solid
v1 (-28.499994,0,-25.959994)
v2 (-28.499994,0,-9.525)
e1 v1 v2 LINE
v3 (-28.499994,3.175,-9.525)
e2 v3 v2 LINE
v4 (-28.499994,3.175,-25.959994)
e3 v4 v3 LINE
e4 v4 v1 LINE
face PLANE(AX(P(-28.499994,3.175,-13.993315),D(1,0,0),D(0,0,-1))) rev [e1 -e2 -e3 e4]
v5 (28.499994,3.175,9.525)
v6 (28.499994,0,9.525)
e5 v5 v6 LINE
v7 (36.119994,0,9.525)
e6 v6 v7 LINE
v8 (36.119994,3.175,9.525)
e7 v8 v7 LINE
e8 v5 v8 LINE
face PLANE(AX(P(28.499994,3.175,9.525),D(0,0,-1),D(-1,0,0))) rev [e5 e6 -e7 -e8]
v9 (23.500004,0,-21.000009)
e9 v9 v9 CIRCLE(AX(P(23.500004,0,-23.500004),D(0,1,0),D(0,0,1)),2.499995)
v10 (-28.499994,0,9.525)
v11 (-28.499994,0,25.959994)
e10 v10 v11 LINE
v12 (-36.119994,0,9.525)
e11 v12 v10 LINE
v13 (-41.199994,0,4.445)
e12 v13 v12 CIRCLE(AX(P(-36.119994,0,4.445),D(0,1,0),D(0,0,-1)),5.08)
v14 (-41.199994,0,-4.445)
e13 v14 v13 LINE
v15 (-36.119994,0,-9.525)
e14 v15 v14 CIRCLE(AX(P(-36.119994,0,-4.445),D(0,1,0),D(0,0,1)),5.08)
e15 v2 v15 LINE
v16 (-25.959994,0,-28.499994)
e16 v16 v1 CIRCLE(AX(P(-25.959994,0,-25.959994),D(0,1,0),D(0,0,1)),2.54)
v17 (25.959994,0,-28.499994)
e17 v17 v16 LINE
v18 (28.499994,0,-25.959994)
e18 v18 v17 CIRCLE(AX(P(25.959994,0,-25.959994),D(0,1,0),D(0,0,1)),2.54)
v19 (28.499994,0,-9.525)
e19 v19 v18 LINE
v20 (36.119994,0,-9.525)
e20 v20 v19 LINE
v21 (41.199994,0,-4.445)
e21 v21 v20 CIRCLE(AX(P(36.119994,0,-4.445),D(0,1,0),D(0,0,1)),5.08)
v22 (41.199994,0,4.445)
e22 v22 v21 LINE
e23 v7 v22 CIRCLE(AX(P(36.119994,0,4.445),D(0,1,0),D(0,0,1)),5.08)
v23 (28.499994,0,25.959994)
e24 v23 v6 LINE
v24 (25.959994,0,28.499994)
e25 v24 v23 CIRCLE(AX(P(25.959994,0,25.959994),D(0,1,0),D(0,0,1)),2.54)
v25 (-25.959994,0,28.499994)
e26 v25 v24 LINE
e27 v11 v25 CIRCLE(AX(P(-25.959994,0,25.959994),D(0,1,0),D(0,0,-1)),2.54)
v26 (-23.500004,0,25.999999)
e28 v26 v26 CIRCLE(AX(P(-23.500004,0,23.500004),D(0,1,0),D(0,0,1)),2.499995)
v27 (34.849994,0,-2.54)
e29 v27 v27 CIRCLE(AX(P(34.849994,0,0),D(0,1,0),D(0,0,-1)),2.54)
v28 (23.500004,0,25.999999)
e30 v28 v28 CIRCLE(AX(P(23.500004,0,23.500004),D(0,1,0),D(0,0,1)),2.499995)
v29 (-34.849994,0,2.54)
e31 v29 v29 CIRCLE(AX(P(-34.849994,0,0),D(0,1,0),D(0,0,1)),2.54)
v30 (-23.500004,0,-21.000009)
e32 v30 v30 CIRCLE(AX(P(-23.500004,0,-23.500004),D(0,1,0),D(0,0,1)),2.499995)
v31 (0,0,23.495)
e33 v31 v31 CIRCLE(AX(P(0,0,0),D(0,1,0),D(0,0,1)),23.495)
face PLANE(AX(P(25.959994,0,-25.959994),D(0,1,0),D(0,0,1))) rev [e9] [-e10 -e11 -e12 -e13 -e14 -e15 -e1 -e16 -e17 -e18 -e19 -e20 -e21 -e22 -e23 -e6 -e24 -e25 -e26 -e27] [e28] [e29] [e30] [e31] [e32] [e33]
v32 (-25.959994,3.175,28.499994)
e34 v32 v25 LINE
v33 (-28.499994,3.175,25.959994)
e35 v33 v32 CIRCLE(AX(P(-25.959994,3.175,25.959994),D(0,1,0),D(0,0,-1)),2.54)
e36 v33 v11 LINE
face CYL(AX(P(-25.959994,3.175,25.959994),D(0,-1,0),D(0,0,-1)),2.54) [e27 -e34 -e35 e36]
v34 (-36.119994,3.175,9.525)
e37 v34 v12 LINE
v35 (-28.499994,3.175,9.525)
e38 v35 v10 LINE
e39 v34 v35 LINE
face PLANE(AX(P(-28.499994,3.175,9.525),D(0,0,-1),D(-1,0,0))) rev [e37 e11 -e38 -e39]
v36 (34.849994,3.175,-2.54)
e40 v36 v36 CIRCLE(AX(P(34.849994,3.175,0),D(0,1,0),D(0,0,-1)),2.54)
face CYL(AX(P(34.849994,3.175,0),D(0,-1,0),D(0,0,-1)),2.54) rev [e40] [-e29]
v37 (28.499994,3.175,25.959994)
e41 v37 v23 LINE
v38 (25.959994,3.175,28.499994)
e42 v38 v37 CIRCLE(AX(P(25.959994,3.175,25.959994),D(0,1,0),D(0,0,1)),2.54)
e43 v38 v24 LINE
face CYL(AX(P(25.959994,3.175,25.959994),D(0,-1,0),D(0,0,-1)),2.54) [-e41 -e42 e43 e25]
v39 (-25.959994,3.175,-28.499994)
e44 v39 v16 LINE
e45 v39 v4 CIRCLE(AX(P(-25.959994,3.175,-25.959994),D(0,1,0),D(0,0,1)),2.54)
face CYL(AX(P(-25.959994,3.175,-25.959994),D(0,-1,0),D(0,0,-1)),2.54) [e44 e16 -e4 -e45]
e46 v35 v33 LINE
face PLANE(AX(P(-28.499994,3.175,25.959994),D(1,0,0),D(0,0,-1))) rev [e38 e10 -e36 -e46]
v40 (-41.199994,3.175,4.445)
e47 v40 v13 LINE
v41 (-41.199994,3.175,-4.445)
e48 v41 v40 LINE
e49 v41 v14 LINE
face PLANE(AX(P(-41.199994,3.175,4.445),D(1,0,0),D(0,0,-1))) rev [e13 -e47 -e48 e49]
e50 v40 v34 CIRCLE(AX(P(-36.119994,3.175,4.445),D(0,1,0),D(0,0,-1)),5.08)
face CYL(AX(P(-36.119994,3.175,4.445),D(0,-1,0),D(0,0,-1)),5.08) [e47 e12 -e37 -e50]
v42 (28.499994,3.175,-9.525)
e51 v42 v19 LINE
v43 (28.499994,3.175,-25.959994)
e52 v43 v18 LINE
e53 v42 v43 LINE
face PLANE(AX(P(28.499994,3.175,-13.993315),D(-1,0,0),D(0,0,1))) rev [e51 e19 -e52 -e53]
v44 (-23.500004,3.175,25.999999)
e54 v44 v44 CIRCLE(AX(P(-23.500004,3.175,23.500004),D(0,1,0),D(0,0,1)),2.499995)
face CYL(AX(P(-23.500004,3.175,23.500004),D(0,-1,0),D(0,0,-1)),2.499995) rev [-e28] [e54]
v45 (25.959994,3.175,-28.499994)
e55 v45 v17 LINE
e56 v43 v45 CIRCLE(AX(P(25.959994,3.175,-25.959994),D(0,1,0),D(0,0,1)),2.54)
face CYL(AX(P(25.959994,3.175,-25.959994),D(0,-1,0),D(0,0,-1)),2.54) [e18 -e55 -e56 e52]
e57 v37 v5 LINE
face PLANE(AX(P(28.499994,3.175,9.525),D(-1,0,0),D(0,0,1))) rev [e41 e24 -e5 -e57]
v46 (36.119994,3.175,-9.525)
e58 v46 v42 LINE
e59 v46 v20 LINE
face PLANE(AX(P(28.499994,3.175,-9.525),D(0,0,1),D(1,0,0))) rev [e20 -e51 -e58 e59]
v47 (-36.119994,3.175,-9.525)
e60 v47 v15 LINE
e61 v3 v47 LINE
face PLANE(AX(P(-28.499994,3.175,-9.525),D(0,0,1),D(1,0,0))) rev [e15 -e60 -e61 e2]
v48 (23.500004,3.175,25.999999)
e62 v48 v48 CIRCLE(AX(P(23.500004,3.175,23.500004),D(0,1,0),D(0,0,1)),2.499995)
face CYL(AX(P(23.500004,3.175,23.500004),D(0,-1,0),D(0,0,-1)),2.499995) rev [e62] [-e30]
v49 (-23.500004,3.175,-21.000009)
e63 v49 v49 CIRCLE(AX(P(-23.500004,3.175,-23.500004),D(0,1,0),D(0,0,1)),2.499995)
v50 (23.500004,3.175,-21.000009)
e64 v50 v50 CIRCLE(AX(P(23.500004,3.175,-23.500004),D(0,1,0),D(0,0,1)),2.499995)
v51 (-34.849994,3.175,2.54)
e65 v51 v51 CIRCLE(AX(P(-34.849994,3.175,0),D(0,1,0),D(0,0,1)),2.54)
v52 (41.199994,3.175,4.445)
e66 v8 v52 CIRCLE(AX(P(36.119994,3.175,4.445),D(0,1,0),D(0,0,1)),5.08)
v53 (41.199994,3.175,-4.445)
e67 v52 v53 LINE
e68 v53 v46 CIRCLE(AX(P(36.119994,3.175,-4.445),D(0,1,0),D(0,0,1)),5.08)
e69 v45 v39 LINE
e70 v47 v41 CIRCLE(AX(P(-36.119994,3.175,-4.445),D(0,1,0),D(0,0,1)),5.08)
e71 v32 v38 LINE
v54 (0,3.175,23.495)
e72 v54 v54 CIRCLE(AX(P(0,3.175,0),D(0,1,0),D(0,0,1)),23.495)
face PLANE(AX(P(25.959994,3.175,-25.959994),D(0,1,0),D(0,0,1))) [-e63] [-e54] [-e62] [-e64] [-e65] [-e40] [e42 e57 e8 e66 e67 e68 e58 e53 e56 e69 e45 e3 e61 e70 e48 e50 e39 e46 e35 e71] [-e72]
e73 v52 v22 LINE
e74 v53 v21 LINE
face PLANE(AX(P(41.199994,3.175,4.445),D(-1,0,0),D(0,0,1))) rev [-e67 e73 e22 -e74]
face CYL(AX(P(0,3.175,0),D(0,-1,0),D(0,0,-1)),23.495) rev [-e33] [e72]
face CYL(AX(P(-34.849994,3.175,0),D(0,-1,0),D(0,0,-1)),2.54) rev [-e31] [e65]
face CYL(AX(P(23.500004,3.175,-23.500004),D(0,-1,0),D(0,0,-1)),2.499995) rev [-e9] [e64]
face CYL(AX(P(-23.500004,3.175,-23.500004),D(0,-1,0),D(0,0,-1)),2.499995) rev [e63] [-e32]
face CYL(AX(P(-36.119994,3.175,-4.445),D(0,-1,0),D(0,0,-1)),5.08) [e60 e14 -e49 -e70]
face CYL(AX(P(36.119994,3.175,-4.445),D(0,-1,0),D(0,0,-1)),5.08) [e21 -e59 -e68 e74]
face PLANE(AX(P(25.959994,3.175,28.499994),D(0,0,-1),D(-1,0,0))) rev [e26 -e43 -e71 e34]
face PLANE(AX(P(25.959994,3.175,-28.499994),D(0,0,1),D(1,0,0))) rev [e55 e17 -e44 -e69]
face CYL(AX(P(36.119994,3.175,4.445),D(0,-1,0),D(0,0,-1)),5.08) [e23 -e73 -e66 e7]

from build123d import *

# Parameters (mm, degrees)
SKETCH1_R           = 23.495
SKETCH1_R_2         = 2.499995
SKETCH1_R_3         = 2.54
BOSS_EXTRUDE1_DEPTH = 3.175


with BuildPart() as part:
    # Sketch1 → Boss-Extrude1 (new body)
    with BuildSketch(Plane(origin=(0, 0, 0), x_dir=(1, 0, 0), z_dir=(0, 1, 0))):
        with BuildLine():
            Line((-13.993314597, 28.4999938), (-25.9599938, 28.4999938))
            ThreePointArc((-25.9599938, 28.4999938), (-27.756045024, 27.756045024), (-28.4999938, 25.9599938))
            Line((-28.4999938, 25.9599938), (-28.4999938, 13.993314597))
            Line((-28.4999938, 13.993314597), (-28.4999938, 9.525))
            Line((-28.4999938, 9.525), (-36.1199938, 9.525))
            ThreePointArc((-36.1199938, 9.525), (-39.712096248, 8.037102448), (-41.1999938, 4.445))
            Line((-41.1999938, 4.445), (-41.1999938, -4.445))
            ThreePointArc((-41.1999938, -4.445), (-39.712096248, -8.037102448), (-36.1199938, -9.525))
            Line((-36.1199938, -9.525), (-28.4999938, -9.525))
            Line((-28.4999938, -9.525), (-28.4999938, -13.993314597))
            Line((-28.4999938, -13.993314597), (-28.4999938, -25.9599938))
            ThreePointArc((-28.4999938, -25.9599938), (-27.756045024, -27.756045024), (-25.9599938, -28.4999938))
            Line((-25.9599938, -28.4999938), (-13.993314597, -28.4999938))
            Line((-13.993314597, -28.4999938), (13.993314597, -28.4999938))
            Line((13.993314597, -28.4999938), (25.9599938, -28.4999938))
            ThreePointArc((25.9599938, -28.4999938), (27.756045024, -27.756045024), (28.4999938, -25.9599938))
            Line((28.4999938, -25.9599938), (28.4999938, -13.993314597))
            Line((28.4999938, -13.993314597), (28.4999938, -9.525))
            Line((28.4999938, -9.525), (36.1199938, -9.525))
            ThreePointArc((36.1199938, -9.525), (39.712096248, -8.037102448), (41.1999938, -4.445))
            Line((41.1999938, -4.445), (41.1999938, 4.445))
            ThreePointArc((41.1999938, 4.445), (39.712096248, 8.037102448), (36.1199938, 9.525))
            Line((36.1199938, 9.525), (28.4999938, 9.525))
            Line((28.4999938, 9.525), (28.4999938, 13.993314597))
            Line((28.4999938, 13.993314597), (28.4999938, 25.9599938))
            ThreePointArc((28.4999938, 25.9599938), (27.756045024, 27.756045024), (25.9599938, 28.4999938))
            Line((25.9599938, 28.4999938), (13.993314597, 28.4999938))
            Line((13.993314597, 28.4999938), (-13.993314597, 28.4999938))
        make_face()
        Circle(SKETCH1_R, mode=Mode.SUBTRACT)
        with Locations((-23.5000038, 23.5000038)):
            Circle(SKETCH1_R_2, mode=Mode.SUBTRACT)
        with Locations((23.5000038, 23.5000038)):
            Circle(SKETCH1_R_2, mode=Mode.SUBTRACT)
        with Locations((23.5000038, -23.5000038)):
            Circle(SKETCH1_R_2, mode=Mode.SUBTRACT)
        with Locations((-23.5000038, -23.5000038)):
            Circle(SKETCH1_R_2, mode=Mode.SUBTRACT)
        with Locations((-34.8499938, 0)):
            Circle(SKETCH1_R_3, mode=Mode.SUBTRACT)
        with Locations((34.8499938, 0)):
            Circle(SKETCH1_R_3, mode=Mode.SUBTRACT)
    extrude(amount=BOSS_EXTRUDE1_DEPTH)


solid = part.part
